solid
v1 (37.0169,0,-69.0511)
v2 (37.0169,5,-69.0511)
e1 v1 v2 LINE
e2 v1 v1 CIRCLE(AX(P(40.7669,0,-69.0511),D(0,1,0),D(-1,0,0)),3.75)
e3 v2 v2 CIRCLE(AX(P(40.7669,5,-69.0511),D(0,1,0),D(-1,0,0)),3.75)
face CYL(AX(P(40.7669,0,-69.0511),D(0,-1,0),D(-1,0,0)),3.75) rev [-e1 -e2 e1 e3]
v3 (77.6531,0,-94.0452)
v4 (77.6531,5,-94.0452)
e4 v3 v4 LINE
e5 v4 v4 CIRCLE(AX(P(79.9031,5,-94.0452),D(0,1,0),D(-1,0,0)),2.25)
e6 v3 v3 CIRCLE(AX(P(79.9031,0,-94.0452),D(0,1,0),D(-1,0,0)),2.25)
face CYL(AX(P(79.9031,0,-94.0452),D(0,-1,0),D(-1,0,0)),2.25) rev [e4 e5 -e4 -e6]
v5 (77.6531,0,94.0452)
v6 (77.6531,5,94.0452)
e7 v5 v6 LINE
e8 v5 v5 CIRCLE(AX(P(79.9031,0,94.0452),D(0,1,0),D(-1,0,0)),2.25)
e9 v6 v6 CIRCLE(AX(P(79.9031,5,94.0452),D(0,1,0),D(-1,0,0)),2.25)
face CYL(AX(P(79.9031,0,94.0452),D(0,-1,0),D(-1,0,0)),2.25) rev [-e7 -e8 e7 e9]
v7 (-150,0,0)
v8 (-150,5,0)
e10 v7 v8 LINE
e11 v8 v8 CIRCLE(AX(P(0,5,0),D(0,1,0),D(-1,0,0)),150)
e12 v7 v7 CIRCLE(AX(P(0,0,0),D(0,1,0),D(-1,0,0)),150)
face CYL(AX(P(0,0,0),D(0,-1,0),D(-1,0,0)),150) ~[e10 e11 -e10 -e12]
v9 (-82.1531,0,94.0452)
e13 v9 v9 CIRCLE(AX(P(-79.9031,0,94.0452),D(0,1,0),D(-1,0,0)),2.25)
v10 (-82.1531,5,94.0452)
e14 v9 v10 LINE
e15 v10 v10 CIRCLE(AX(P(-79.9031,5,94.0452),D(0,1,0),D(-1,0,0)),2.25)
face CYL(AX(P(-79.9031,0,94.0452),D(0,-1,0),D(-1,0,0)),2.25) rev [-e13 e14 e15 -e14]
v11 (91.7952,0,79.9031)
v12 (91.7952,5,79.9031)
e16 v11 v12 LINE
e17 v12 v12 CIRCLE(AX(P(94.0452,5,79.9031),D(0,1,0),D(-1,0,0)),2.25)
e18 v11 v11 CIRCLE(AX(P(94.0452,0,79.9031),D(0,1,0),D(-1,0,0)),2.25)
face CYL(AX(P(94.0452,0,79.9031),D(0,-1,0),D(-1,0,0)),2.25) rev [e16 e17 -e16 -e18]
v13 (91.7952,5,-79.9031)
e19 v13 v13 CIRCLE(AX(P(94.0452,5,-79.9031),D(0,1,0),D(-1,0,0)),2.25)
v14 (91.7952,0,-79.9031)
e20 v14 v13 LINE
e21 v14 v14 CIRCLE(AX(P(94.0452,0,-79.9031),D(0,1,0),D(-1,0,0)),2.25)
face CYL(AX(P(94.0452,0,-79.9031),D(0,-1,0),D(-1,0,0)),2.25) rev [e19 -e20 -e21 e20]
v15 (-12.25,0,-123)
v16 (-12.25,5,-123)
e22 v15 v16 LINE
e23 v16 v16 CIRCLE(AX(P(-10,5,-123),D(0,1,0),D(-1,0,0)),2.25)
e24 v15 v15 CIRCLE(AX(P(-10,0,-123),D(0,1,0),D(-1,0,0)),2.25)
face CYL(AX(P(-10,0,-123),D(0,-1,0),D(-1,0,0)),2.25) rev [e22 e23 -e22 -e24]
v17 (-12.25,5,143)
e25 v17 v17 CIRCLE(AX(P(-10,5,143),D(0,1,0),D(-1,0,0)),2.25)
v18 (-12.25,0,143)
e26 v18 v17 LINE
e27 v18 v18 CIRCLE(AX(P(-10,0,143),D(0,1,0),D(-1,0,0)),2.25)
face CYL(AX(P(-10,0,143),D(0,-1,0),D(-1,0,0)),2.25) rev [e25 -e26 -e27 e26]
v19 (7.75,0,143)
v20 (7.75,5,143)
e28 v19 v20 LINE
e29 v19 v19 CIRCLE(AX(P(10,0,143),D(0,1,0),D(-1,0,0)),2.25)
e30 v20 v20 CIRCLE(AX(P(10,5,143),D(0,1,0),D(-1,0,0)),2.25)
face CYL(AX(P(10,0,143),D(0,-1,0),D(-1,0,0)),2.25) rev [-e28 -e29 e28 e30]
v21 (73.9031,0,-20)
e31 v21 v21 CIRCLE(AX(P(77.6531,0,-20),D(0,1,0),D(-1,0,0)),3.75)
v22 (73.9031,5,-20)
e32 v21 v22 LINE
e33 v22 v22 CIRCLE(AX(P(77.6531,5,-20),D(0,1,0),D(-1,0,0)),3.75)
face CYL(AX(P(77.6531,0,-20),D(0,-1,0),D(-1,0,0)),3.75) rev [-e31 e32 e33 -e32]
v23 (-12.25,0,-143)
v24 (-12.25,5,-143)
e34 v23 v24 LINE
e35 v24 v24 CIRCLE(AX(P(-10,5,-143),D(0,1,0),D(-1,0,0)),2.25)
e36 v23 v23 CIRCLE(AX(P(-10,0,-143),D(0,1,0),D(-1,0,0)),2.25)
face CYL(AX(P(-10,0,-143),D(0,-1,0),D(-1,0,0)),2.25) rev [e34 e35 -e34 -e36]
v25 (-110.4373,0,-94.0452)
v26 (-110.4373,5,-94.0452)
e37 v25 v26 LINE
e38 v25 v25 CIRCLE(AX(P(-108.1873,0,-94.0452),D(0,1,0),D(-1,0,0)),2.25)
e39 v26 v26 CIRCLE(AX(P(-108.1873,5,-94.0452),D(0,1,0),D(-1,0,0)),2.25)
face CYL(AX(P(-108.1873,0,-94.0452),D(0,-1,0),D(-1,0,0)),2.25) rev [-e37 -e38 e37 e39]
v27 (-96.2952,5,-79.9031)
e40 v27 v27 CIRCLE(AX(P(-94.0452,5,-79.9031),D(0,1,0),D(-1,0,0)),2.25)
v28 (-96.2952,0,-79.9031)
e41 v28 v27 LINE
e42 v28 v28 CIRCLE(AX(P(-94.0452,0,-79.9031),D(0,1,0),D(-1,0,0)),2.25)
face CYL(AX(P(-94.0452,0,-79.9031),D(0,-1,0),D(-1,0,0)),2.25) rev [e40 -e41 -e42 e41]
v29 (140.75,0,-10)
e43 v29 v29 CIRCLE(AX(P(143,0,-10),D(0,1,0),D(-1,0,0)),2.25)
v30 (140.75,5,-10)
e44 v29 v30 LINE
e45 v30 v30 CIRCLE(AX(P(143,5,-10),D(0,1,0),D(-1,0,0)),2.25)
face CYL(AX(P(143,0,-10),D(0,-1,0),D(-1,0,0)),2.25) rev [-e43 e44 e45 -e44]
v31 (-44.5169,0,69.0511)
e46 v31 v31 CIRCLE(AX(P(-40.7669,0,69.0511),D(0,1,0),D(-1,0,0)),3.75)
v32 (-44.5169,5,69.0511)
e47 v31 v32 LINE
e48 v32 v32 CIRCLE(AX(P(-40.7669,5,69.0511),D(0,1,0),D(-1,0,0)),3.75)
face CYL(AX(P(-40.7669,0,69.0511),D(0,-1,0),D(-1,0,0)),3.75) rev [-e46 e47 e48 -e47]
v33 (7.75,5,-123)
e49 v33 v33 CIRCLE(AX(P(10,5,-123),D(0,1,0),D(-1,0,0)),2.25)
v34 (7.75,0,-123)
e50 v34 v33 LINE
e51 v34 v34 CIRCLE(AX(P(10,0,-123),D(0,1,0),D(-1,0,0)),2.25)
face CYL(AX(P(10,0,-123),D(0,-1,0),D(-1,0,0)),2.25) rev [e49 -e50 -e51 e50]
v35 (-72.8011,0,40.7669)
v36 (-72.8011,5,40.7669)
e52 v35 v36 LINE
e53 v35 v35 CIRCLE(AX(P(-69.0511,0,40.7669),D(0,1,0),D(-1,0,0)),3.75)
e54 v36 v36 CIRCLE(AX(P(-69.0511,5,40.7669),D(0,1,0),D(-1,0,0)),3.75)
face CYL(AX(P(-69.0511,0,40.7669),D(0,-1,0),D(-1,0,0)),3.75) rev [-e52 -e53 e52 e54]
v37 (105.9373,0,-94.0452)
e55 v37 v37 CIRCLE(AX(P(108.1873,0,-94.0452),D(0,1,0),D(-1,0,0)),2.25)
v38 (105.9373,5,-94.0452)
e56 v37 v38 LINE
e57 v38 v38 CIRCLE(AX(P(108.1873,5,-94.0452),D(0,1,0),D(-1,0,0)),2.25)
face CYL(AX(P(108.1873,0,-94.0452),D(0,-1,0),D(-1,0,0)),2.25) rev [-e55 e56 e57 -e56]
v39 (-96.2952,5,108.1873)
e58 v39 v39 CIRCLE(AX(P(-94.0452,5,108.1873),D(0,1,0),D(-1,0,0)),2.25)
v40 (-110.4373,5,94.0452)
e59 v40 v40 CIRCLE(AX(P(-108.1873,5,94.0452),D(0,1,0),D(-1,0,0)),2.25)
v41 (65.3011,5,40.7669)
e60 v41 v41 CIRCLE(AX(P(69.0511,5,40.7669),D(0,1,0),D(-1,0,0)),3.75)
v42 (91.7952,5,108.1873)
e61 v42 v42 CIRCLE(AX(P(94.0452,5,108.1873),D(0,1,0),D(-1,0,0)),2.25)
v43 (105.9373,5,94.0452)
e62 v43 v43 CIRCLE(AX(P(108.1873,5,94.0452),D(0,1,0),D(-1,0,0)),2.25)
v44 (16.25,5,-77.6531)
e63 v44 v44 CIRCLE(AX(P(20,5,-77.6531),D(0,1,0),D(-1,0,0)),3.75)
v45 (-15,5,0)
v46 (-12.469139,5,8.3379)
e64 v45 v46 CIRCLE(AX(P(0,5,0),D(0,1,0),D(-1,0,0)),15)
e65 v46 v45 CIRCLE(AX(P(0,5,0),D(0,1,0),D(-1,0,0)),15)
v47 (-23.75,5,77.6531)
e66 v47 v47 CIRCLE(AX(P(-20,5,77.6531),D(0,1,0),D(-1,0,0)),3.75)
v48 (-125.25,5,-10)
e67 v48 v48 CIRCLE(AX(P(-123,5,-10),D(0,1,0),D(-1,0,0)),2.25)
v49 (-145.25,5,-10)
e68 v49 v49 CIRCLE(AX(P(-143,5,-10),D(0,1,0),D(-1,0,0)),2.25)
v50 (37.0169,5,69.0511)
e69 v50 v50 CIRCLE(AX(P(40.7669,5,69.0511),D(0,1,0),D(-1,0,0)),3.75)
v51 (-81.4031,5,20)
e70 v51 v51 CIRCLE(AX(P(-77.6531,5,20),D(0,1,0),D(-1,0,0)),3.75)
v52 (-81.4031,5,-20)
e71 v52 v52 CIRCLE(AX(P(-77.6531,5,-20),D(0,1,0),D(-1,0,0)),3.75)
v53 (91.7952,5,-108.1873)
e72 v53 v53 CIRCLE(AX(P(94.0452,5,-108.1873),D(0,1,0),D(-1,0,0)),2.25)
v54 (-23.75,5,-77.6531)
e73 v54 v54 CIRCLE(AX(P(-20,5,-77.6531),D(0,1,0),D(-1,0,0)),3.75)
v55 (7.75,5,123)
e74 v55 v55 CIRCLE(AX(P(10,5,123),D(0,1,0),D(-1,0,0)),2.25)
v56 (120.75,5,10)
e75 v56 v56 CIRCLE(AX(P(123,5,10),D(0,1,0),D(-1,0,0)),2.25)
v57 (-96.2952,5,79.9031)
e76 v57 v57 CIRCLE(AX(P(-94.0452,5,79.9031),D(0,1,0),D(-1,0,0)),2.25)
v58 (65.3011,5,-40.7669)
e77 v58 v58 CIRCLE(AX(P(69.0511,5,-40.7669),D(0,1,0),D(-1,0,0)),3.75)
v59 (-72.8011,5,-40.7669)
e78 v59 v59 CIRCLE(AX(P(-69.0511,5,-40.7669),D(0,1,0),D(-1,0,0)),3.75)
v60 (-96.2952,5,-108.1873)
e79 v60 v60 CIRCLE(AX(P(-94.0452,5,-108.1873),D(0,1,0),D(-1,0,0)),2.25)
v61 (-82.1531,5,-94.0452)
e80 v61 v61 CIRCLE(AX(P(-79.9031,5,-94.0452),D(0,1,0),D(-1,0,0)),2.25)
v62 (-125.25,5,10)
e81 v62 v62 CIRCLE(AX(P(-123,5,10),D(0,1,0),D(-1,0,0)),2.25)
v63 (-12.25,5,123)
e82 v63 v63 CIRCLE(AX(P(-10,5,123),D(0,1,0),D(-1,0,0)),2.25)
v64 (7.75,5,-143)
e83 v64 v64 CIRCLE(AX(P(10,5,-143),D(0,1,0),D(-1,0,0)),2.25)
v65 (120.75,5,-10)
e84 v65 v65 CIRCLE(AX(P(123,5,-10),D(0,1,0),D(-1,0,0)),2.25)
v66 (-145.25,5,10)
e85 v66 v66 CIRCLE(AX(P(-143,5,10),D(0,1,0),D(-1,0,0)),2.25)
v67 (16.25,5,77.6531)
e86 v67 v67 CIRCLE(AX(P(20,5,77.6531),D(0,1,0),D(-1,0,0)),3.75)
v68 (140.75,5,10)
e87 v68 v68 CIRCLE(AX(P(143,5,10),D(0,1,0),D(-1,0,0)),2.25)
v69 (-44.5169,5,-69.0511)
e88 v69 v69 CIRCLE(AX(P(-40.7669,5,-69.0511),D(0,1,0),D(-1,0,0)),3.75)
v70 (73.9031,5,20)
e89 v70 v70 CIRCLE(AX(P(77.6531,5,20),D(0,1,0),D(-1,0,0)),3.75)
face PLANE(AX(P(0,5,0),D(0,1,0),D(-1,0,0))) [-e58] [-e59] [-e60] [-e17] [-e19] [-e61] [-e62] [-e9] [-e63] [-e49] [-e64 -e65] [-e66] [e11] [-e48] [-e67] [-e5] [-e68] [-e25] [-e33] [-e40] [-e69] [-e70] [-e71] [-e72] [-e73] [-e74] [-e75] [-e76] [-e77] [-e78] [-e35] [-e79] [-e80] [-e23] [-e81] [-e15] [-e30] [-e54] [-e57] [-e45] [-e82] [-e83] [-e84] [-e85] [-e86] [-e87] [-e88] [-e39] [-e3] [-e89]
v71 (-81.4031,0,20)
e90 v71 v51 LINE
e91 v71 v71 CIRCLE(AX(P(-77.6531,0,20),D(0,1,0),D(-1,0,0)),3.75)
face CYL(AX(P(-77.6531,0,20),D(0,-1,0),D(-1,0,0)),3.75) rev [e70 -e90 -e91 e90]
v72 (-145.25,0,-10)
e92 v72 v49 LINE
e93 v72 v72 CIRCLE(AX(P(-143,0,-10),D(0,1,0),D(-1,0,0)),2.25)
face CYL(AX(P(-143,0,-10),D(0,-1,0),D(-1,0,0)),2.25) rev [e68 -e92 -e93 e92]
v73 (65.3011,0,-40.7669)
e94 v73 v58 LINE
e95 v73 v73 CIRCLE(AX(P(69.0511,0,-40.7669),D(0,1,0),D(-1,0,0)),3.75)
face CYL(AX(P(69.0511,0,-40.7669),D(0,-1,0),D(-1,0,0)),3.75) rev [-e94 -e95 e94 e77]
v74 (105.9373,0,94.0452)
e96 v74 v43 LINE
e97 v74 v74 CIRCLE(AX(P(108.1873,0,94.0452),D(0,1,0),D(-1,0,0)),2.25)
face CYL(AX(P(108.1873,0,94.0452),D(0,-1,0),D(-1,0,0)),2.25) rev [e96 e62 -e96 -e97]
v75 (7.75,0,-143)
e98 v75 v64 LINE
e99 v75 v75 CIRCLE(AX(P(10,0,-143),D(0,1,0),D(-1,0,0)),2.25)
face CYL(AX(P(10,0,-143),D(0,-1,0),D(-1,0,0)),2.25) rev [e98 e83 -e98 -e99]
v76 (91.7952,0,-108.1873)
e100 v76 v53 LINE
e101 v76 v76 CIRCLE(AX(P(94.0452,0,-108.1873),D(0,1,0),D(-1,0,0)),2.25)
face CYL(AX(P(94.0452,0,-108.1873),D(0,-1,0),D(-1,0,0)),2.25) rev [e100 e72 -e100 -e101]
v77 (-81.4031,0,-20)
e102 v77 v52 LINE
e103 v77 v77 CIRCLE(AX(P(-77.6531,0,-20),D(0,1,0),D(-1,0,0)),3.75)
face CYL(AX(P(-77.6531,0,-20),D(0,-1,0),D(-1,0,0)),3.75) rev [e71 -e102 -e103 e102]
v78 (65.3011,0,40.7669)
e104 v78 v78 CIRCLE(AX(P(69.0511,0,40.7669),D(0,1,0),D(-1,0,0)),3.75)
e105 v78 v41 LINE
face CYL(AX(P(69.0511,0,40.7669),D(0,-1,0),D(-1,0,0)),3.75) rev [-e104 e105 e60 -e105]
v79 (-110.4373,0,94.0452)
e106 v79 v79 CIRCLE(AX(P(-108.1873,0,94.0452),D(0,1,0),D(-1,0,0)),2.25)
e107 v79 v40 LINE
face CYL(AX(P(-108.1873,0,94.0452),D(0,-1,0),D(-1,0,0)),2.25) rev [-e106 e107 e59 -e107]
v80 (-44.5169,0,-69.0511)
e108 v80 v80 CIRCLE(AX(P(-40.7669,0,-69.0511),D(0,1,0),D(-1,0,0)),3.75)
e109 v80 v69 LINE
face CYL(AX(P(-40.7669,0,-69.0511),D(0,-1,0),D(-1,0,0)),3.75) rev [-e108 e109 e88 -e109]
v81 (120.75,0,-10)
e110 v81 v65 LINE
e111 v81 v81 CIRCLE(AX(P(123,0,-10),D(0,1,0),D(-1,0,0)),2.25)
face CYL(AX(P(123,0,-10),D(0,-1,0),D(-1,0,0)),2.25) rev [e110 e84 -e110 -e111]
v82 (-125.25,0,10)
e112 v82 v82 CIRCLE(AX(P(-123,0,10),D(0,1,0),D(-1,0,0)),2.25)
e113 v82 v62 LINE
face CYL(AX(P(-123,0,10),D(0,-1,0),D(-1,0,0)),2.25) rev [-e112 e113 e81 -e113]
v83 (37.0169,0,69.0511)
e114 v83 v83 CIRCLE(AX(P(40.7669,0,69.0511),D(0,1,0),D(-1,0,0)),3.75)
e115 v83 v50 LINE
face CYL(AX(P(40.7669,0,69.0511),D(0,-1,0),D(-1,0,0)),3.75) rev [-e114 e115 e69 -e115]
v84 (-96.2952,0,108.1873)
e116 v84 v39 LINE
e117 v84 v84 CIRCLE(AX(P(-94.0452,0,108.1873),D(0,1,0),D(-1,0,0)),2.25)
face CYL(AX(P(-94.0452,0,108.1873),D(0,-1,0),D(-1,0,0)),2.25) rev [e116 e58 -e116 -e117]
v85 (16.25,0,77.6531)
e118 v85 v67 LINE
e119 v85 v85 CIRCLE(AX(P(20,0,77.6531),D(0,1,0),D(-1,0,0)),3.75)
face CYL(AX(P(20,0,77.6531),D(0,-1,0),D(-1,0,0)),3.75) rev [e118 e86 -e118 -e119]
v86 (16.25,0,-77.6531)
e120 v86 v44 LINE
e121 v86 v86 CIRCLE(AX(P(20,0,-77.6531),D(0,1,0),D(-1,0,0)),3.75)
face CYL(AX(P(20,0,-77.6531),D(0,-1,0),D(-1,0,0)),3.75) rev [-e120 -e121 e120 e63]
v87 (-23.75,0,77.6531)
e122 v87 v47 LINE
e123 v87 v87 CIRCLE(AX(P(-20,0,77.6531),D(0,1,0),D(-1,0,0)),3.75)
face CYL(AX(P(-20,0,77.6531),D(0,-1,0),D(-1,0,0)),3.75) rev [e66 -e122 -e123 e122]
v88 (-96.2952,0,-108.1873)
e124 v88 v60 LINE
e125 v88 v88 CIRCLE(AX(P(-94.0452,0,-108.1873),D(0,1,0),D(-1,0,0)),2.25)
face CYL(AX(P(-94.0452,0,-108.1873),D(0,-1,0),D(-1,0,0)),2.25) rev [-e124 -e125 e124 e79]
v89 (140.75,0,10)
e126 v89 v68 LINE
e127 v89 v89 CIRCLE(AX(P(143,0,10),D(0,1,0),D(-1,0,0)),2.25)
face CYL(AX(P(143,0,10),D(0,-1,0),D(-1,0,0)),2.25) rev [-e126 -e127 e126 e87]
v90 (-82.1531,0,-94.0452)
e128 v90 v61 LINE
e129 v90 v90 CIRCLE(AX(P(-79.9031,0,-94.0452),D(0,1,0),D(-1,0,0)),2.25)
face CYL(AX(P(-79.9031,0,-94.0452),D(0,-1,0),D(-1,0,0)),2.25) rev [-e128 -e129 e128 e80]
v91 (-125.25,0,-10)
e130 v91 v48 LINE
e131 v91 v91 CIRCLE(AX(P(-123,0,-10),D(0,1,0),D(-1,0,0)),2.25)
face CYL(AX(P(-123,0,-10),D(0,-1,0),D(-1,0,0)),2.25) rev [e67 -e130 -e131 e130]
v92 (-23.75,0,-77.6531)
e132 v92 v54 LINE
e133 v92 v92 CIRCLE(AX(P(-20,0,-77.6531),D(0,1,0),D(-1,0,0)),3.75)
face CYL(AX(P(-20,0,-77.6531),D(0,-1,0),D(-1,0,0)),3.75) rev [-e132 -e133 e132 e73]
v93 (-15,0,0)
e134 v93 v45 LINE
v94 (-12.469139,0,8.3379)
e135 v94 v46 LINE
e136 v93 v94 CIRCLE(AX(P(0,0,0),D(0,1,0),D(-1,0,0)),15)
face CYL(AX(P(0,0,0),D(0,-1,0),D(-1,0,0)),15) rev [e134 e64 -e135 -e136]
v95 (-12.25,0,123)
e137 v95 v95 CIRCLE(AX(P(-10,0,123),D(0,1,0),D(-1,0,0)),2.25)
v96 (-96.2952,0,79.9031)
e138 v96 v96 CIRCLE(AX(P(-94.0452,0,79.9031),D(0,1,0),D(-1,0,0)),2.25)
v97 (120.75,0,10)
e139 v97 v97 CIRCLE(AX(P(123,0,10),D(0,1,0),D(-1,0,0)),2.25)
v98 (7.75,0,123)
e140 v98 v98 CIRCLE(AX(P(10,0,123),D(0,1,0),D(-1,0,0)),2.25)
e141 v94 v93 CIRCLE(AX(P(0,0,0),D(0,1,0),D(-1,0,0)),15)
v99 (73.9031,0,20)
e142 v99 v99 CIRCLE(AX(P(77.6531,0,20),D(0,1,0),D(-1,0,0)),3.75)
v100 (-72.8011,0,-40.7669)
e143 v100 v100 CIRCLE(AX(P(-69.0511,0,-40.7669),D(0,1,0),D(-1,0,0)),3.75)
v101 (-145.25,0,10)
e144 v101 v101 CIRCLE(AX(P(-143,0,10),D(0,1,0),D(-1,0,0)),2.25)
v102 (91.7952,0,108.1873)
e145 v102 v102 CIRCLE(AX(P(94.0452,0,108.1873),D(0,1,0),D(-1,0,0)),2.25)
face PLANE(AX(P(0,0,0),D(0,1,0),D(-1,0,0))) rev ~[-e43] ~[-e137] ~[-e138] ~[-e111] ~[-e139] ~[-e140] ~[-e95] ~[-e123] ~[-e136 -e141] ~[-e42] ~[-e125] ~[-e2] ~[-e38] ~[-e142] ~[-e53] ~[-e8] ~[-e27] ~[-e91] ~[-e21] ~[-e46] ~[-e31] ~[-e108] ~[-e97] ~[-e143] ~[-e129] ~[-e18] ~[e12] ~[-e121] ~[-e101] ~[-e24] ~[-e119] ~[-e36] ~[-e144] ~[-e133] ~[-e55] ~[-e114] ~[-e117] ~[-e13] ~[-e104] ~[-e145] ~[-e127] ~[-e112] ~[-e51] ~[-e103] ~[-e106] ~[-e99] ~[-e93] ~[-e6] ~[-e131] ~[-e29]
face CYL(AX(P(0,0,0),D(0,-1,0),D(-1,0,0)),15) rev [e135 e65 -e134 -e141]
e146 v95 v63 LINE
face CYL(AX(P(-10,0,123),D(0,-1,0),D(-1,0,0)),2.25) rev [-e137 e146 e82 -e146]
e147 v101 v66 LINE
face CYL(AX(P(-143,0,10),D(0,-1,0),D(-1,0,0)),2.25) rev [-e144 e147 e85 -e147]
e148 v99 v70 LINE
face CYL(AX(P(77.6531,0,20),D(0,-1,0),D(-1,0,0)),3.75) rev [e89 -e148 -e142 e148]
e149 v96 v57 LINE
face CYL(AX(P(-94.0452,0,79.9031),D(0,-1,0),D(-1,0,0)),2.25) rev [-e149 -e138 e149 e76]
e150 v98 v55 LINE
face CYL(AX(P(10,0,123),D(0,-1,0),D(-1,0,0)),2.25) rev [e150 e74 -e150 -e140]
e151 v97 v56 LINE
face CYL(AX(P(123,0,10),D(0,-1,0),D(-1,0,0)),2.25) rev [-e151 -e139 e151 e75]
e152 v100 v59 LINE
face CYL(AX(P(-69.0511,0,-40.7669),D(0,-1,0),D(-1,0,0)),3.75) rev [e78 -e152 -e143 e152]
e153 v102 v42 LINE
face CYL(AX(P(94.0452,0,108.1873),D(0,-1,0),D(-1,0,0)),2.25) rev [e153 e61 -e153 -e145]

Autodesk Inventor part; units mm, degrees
ref_plane "YZ Plane" through (0, 0, 0) normal (1, 0, 0) x (0, 1, 0)
ref_plane "XZ Plane" through (0, 0, 0) normal (0, 1, 0) x (-1, 0, 0)
ref_plane "XY Plane" through (0, 0, 0) normal (0, 0, 1) x (1, 0, 0)
sketch "Sketch1" plane through (0, 0, 0) normal (0, 1, 0) x (-1, 0, 0)
  circle A0 centre (0, 0) radius 150
  circle A1 centre (143, 10) radius 2.25
  line L0 (18.6053, 16.2989) -> (18.6053, 8.3379)
  line L1 (18.6053, 8.3379) -> (11.4784, 8.3379)
  circle A2 centre (143, -10) radius 2.25
  circle A3 centre (123, 10) radius 2.25
  circle A4 centre (123, -10) radius 2.25
  line L2 (114.6014, 0) -> (140.75, 0)
  line L3 (150, 0) -> (150, 14.1456)
  circle A5 centre (94.0452, 79.9031) radius 2.25
  circle A6 centre (108.1873, 94.0452) radius 2.25
  circle A7 centre (94.0452, 108.1873) radius 2.25
  circle A8 centre (79.9031, 94.0452) radius 2.25
  circle A9 centre (10, 123) radius 2.25
  circle A10 centre (10, 143) radius 2.25
  circle A11 centre (-10, 143) radius 2.25
  circle A12 centre (-10, 123) radius 2.25
  circle A13 centre (-79.9031, 94.0452) radius 2.25
  circle A14 centre (-94.0452, 108.1873) radius 2.25
  circle A15 centre (-108.1873, 94.0452) radius 2.25
  circle A16 centre (-94.0452, 79.9031) radius 2.25
  circle A17 centre (-123, 10) radius 2.25
  circle A18 centre (-143, 10) radius 2.25
  circle A19 centre (-143, -10) radius 2.25
  circle A20 centre (-123, -10) radius 2.25
  circle A21 centre (-94.0452, -79.9031) radius 2.25
  circle A22 centre (-108.1873, -94.0452) radius 2.25
  circle A23 centre (-94.0452, -108.1873) radius 2.25
  circle A24 centre (-79.9031, -94.0452) radius 2.25
  circle A25 centre (-10, -123) radius 2.25
  circle A26 centre (-10, -143) radius 2.25
  circle A27 centre (10, -143) radius 2.25
  circle A28 centre (10, -123) radius 2.25
  circle A29 centre (79.9031, -94.0452) radius 2.25
  circle A30 centre (94.0452, -108.1873) radius 2.25
  circle A31 centre (108.1873, -94.0452) radius 2.25
  circle A32 centre (94.0452, -79.9031) radius 2.25
  circle A33 centre (0, 0) radius 15
  circle A34 centre (77.6531, -20) radius 3.75
  circle A35 centre (77.6531, 20) radius 3.75
  circle A36 centre (69.0511, 40.7669) radius 3.75
  circle A37 centre (40.7669, 69.0511) radius 3.75
  circle A38 centre (20, 77.6531) radius 3.75
  circle A39 centre (-20, 77.6531) radius 3.75
  circle A40 centre (-40.7669, 69.0511) radius 3.75
  circle A41 centre (-69.0511, 40.7669) radius 3.75
  circle A42 centre (-77.6531, 20) radius 3.75
  circle A43 centre (-77.6531, -20) radius 3.75
  circle A44 centre (-69.0511, -40.7669) radius 3.75
  circle A45 centre (-40.7669, -69.0511) radius 3.75
  circle A46 centre (-20, -77.6531) radius 3.75
  circle A47 centre (20, -77.6531) radius 3.75
  circle A48 centre (40.7669, -69.0511) radius 3.75
  circle A49 centre (69.0511, -40.7669) radius 3.75
  dimension "d0" = 300
  dimension "d3" = 4.5
  dimension "d7" = 20
  dimension "d10" = 20
  dimension "d13" = 20
  dimension "d14" = 14
  dimension "d17" = 360
  dimension "d21" = 30
  dimension "d22" = 7.5
  dimension "d23" = 40
  dimension "d26" = 360
extrude "Extrusion2" add sketch "Sketch1" along normal blind 5
sketch "Sketch2" plane through (0, 5, 0) normal (0, 1, 0) x (1, 0, 0)
  line L0 (0, 0) -> (106.066, 106.066)
  circle A0 centre (0, 0) radius 150 projected
  line L1 (0, 0) -> (150, 0) construction
  line L2 (0, 0) -> (138.5819, -57.4025)
  line L3 (0, 0) -> (150, 0) construction
  line L4 (0, 0) -> (57.4025, -138.5819)
  line L5 (0, 0) -> (150, 0) construction
  dimension "d28" = 45
  dimension "d29" = 22.5
  dimension "d30" = 67.5
properties part number "MainDisk1"
